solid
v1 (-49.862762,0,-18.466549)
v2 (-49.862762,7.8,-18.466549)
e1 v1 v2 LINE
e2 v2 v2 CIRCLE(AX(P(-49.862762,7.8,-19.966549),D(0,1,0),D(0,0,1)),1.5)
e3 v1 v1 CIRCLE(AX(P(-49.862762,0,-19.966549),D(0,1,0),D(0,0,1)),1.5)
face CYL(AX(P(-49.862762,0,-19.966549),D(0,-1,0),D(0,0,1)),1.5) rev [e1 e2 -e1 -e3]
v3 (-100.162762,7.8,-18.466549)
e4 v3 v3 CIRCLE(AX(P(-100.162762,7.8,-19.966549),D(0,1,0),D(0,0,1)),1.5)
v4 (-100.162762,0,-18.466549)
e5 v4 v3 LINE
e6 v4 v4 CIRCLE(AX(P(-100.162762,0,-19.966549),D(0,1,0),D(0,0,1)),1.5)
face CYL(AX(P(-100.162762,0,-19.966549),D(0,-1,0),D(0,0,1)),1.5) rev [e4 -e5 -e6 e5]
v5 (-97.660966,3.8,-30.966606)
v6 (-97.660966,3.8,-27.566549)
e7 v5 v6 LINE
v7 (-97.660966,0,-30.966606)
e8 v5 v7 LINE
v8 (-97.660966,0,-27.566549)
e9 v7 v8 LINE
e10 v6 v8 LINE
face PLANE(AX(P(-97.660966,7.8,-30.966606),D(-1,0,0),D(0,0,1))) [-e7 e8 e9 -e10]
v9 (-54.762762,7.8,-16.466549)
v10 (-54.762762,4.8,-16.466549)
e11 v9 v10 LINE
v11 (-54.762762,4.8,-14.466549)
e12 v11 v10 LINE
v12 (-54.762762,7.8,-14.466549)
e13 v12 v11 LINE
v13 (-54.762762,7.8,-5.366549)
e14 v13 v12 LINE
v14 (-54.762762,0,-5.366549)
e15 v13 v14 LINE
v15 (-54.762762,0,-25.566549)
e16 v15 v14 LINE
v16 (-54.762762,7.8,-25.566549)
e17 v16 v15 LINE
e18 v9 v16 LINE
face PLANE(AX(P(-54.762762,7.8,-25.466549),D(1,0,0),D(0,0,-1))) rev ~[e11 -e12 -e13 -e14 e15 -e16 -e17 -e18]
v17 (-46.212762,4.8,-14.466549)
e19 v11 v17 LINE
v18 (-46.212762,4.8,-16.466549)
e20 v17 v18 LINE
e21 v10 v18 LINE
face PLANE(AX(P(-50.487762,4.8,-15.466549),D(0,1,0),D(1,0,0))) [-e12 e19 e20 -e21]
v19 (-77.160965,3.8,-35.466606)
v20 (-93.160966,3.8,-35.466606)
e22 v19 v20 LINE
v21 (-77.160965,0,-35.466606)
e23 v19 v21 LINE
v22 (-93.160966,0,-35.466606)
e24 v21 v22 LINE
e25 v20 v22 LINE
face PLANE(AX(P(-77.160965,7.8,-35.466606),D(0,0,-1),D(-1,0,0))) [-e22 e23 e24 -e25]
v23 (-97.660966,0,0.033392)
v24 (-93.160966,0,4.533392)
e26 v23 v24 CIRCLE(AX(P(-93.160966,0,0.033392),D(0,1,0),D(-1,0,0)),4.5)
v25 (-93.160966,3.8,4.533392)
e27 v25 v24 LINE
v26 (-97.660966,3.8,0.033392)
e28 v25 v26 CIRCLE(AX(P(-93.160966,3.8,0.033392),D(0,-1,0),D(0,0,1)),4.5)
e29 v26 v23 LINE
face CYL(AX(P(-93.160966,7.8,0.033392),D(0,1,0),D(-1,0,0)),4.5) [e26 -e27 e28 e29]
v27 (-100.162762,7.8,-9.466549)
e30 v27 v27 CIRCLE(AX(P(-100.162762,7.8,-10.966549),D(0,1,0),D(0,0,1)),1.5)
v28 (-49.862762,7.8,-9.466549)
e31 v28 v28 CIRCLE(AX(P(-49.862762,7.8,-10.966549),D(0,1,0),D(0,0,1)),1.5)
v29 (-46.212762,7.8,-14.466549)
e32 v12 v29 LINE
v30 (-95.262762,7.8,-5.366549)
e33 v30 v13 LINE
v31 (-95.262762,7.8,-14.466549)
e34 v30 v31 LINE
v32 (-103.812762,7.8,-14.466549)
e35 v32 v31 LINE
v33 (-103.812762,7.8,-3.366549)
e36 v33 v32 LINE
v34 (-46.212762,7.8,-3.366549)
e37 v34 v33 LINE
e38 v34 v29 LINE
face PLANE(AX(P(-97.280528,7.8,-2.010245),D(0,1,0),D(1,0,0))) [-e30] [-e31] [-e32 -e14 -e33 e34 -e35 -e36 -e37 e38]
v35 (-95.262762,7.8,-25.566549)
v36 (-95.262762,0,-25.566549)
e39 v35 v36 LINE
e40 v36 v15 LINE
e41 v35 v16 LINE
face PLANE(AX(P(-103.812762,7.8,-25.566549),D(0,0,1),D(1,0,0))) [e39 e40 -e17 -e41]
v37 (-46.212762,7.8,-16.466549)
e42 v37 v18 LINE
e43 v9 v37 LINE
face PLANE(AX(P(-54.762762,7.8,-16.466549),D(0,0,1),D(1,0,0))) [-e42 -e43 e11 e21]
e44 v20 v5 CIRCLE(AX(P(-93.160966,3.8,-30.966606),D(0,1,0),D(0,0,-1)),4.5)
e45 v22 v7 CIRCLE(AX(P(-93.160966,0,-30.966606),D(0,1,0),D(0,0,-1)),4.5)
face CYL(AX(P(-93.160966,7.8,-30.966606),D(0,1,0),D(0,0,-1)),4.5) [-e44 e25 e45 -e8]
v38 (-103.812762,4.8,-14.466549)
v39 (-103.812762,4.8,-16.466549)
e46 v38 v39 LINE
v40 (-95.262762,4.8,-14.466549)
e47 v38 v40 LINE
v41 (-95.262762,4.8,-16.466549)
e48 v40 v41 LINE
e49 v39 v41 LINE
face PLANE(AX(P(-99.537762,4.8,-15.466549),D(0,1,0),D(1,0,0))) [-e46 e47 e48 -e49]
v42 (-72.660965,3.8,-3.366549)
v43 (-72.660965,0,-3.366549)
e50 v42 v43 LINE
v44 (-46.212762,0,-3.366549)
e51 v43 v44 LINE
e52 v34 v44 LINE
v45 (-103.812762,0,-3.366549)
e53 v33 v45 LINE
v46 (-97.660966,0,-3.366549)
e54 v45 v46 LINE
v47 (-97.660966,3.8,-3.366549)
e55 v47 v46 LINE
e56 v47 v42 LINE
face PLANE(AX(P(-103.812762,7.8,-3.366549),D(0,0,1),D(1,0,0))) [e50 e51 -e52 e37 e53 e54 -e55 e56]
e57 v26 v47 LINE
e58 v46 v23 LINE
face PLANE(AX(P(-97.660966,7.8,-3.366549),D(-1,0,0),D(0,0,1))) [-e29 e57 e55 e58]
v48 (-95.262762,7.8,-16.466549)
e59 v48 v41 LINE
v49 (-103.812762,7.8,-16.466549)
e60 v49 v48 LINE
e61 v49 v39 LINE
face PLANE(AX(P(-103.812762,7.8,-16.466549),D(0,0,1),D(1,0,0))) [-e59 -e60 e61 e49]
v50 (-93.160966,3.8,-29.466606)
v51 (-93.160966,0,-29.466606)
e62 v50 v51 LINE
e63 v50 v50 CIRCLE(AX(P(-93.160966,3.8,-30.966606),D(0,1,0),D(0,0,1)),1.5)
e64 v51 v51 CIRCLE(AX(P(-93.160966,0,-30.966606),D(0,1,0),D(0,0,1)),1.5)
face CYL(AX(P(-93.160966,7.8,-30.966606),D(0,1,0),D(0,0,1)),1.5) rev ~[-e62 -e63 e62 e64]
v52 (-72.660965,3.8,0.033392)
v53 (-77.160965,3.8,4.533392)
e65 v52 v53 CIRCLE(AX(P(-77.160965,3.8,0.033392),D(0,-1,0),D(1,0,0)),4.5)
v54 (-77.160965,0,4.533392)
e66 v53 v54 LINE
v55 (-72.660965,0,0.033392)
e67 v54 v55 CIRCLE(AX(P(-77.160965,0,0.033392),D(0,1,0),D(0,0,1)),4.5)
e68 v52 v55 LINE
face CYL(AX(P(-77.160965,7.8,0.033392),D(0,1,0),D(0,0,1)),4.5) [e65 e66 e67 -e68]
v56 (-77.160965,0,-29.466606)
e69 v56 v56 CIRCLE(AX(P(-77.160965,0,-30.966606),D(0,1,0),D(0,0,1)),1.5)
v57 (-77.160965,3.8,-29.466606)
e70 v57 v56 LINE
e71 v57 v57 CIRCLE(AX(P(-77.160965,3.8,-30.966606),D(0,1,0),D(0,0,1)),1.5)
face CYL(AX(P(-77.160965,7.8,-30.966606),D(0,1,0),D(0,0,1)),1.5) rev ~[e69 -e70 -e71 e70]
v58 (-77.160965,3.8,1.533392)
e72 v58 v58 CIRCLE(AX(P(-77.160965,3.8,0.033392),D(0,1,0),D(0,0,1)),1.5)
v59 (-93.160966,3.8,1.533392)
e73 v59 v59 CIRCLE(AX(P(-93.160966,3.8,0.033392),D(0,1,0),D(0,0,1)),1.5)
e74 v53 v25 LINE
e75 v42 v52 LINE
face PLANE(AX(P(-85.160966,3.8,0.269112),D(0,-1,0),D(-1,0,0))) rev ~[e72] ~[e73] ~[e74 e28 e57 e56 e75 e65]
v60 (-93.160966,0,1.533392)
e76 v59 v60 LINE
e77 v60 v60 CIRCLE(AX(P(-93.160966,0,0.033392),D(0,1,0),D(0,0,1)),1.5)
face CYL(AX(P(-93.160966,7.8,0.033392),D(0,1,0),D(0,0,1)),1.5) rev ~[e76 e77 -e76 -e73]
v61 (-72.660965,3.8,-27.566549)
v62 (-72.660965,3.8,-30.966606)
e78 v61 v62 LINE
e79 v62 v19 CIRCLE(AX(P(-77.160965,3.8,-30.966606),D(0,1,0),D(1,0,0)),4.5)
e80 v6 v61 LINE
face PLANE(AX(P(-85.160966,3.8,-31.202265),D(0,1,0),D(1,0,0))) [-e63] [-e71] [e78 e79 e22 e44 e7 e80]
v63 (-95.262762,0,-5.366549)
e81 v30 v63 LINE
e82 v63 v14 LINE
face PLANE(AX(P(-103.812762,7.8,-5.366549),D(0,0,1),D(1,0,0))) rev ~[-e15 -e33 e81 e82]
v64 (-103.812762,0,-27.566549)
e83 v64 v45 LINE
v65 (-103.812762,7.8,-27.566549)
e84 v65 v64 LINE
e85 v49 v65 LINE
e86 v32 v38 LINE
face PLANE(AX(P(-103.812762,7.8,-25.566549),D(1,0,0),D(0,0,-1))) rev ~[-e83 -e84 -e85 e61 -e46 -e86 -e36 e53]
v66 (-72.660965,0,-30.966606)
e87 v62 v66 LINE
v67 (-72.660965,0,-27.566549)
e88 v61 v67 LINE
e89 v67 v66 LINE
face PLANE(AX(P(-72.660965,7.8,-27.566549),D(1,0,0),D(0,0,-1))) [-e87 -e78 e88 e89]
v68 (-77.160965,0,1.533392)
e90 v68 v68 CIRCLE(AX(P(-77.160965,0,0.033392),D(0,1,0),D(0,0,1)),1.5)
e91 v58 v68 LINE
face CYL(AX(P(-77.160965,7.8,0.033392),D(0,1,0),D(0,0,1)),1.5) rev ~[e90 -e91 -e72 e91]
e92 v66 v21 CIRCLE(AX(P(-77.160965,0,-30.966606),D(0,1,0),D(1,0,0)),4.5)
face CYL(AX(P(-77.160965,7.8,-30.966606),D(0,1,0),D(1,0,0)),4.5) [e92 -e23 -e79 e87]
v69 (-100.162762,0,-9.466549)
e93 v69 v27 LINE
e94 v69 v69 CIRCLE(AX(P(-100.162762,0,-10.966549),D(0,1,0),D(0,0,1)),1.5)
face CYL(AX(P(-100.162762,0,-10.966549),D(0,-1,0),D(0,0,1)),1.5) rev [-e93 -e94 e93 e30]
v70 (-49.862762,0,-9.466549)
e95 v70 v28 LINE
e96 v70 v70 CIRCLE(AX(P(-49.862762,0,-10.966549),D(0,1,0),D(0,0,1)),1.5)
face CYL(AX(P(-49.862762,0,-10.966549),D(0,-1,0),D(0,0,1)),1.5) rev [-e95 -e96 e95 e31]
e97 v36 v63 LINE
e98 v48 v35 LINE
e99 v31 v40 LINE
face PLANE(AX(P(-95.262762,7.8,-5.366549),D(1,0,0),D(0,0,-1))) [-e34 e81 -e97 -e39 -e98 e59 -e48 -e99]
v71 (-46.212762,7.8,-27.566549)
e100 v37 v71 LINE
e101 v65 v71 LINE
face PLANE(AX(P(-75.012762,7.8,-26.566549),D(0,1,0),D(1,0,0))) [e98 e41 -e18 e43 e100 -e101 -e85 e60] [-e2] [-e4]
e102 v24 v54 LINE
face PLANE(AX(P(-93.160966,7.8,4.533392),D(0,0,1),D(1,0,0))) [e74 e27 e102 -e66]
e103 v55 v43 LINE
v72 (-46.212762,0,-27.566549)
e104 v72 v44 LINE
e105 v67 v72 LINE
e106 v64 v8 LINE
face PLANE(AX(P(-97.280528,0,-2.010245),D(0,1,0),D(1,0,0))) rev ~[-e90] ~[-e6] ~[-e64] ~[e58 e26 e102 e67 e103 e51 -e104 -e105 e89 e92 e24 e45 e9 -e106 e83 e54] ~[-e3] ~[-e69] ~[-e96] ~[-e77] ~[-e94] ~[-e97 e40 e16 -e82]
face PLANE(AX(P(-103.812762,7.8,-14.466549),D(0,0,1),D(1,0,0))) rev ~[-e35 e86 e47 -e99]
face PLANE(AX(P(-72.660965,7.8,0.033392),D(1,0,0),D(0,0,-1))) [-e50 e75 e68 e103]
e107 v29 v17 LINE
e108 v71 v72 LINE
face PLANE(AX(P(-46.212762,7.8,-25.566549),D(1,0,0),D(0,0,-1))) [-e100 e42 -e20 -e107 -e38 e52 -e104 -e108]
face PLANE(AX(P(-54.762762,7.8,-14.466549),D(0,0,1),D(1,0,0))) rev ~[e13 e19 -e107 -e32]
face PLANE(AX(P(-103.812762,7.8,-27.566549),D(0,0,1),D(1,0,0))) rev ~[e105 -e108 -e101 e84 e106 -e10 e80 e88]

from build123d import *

# Parameters (mm, degrees)
SKETCH1_R             = 1.5
BOSS_EXTRUDE1_DEPTH   = 7.8
BOSS_EXTRUDE1_2_DEPTH = 7.8
SKETCH2_W             = 2
SKETCH2_H             = 20
BOSS_EXTRUDE2_DEPTH   = 7.8
SKETCH3_W             = 8.55
SKETCH3_H             = 0.1
BOSS_EXTRUDE3_DEPTH   = 7.8
SKETCH4_W             = 57.6
SKETCH4_H             = 2
BOSS_EXTRUDE4_DEPTH   = 7.8
SKETCH5_W             = 8.55
SKETCH5_H             = 2
CUT_EXTRUDE1_DEPTH    = 3
SKETCH6_R             = 1.5
BOSS_EXTRUDE5_DEPTH   = 7.8
SKETCH7_R             = 1.5
CUT_EXTRUDE2_DEPTH    = 4


with BuildPart() as part:
    # Sketch1 → Boss-Extrude1 (new body)
    with BuildSketch(Plane(origin=(0, 0, 0), x_dir=(1, 0, 0), z_dir=(0, 1, 0))):
        Polygon((-54.762761852, 25.466548835), (-54.762761852, 5.466548835), (-48.212761852, 5.466548835), (-48.212761852, 12.451776091), (-48.212761852, 18.48132158), (-48.212761852, 25.466548835), align=None)
        with Locations(Location((-49.862761852, 10.966548835, 0), (0, 0, 270))):
            Circle(SKETCH1_R, mode=Mode.SUBTRACT)
        with Locations(Location((-49.862761852, 19.966548835, 0), (0, 0, 270))):
            Circle(SKETCH1_R, mode=Mode.SUBTRACT)
    extrude(amount=BOSS_EXTRUDE1_DEPTH)



with BuildPart() as body_2:
    # Sketch1 → Boss-Extrude1 2 (new body)
    with BuildSketch(Plane(origin=(0, 0, 0), x_dir=(1, 0, 0), z_dir=(0, 1, 0))):
        Polygon((-101.812761852, 18.48132158), (-101.812761852, 12.451776091), (-101.812761852, 5.466548835), (-101.212761852, 5.466548835), (-95.262761852, 5.466548835), (-95.262761852, 25.466548835), (-101.812761852, 25.466548835), (-101.812761852, 24.866548835), (-101.812761852, 21.451776091), align=None)
        with Locations(Location((-100.162761852, 10.966548835, 0), (0, 0, 270))):
            Circle(SKETCH1_R, mode=Mode.SUBTRACT)
        with Locations(Location((-100.162761852, 19.966548835, 0), (0, 0, 270))):
            Circle(SKETCH1_R, mode=Mode.SUBTRACT)
    extrude(amount=BOSS_EXTRUDE1_2_DEPTH)


with BuildPart() as part_1:
    add(part.part)

    add(body_2.part)  # Boss-Extrude2 merges body 2
    # Sketch2 → Boss-Extrude2 (add)
    with BuildSketch(Plane(origin=(0, 7.8, 0), x_dir=(1, 0, 0), z_dir=(0, 1, 0))):
        with Locations((-47.212761852, 15.466548835)):
            Rectangle(SKETCH2_W, SKETCH2_H)
        with Locations((-102.812761852, 15.466548835)):
            Rectangle(SKETCH2_W, SKETCH2_H)
    extrude(amount=-BOSS_EXTRUDE2_DEPTH)

    # Sketch3 → Boss-Extrude3 (add)
    with BuildSketch(Plane(origin=(0, 7.8, 0), x_dir=(1, 0, 0), z_dir=(0, 1, 0))):
        with Locations((-99.537761852, 5.416548835)):
            Rectangle(SKETCH3_W, SKETCH3_H)
        with Locations((-99.537761852, 25.516548835)):
            Rectangle(SKETCH3_W, SKETCH3_H)
        with Locations((-50.487761852, 25.516548835)):
            Rectangle(SKETCH3_W, SKETCH3_H)
        with Locations((-50.487761852, 5.416548835)):
            Rectangle(SKETCH3_W, SKETCH3_H)
    extrude(amount=-BOSS_EXTRUDE3_DEPTH)

    # Sketch4 → Boss-Extrude4 (add)
    with BuildSketch(Plane(origin=(0, 7.8, 0), x_dir=(1, 0, 0), z_dir=(0, 1, 0))):
        with Locations((-75.012761852, 26.566548835)):
            Rectangle(SKETCH4_W, SKETCH4_H)
        with Locations((-75.012761852, 4.366548835)):
            Rectangle(SKETCH4_W, SKETCH4_H)
    extrude(amount=-BOSS_EXTRUDE4_DEPTH)

    # Sketch5 → Cut-Extrude1 (cut)
    with BuildSketch(Plane(origin=(0, 7.8, 0), x_dir=(1, 0, 0), z_dir=(0, 1, 0))):
        with Locations((-99.537761852, 15.466548835)):
            Rectangle(SKETCH5_W, SKETCH5_H)
        with Locations((-50.487761852, 15.466548835)):
            Rectangle(SKETCH5_W, SKETCH5_H)
    extrude(amount=-CUT_EXTRUDE1_DEPTH, mode=Mode.SUBTRACT)

    # Sketch6 → Boss-Extrude5 (add)
    # profile 1 of 10: a face of its own
    with BuildSketch(Plane(origin=(0, 7.8, 0), x_dir=(1, 0, 0), z_dir=(0, 1, 0))):
        with BuildLine():
            Line((-97.660965944, 3.366548835), (-97.660965944, -0.033392238))
            ThreePointArc((-97.660965944, -0.033392238), (-97.254605431, 1.835328112), (-96.108914501, 3.366548835))
            Line((-96.108914501, 3.366548835), (-97.660965944, 3.366548835))
        make_face()
    # profile 2 of 10: a face of its own
    with BuildSketch(Plane(origin=(0, 7.8, 0), x_dir=(1, 0, 0), z_dir=(0, 1, 0))):
        with BuildLine():
            ThreePointArc((-96.108914501, 3.366548835), (-97.254605431, 1.835328112), (-97.660965944, -0.033392238))
            ThreePointArc((-97.660965944, -0.033392238), (-96.342946459, -3.215372753), (-93.160965944, -4.533392238))
            ThreePointArc((-93.160965944, -4.533392238), (-89.978985428, -3.215372753), (-88.660965944, -0.033392238))
            ThreePointArc((-88.660965944, -0.033392238), (-89.067326456, 1.835328112), (-90.213017386, 3.366548835))
            Line((-90.213017386, 3.366548835), (-96.108914501, 3.366548835))
        make_face()
        with Locations(Location((-93.160965944, -0.033392238, 0), (0, 0, 270))):
            Circle(SKETCH6_R, mode=Mode.SUBTRACT)
    # profile 3 of 10: a face of its own
    with BuildSketch(Plane(origin=(0, 7.8, 0), x_dir=(1, 0, 0), z_dir=(0, 1, 0))):
        with BuildLine():
            ThreePointArc((-88.660965944, -0.033392238), (-89.978985428, -3.215372753), (-93.160965944, -4.533392238))
            Line((-93.160965944, -4.533392238), (-77.160965417, -4.533392238))
            ThreePointArc((-77.160965417, -4.533392238), (-81.376990489, -1.606647648), (-80.108913974, 3.366548835))
            Line((-80.108913974, 3.366548835), (-90.213017386, 3.366548835))
            ThreePointArc((-90.213017386, 3.366548835), (-89.067326456, 1.835328112), (-88.660965944, -0.033392238))
        make_face()
    # profile 4 of 10: a face of its own
    with BuildSketch(Plane(origin=(0, 7.8, 0), x_dir=(1, 0, 0), z_dir=(0, 1, 0))):
        with BuildLine():
            ThreePointArc((-80.108913974, 3.366548835), (-81.376990489, -1.606647648), (-77.160965417, -4.533392238))
            ThreePointArc((-77.160965417, -4.533392238), (-73.978984901, -3.215372753), (-72.660965417, -0.033392238))
            ThreePointArc((-72.660965417, -0.033392238), (-73.067325929, 1.835328112), (-74.213016859, 3.366548835))
            Line((-74.213016859, 3.366548835), (-80.108913974, 3.366548835))
        make_face()
        with Locations(Location((-77.160965417, -0.033392238, 0), (0, 0, 270))):
            Circle(SKETCH6_R, mode=Mode.SUBTRACT)
    # profile 5 of 10: a face of its own
    with BuildSketch(Plane(origin=(0, 7.8, 0), x_dir=(1, 0, 0), z_dir=(0, 1, 0))):
        with BuildLine():
            ThreePointArc((-74.213016859, 3.366548835), (-73.067325929, 1.835328112), (-72.660965417, -0.033392238))
            Line((-72.660965417, -0.033392238), (-72.660965417, 3.366548835))
            Line((-72.660965417, 3.366548835), (-74.213016859, 3.366548835))
        make_face()
    # profile 6 of 10: a face of its own
    with BuildSketch(Plane(origin=(0, 7.8, 0), x_dir=(1, 0, 0), z_dir=(0, 1, 0))):
        with BuildLine():
            ThreePointArc((-72.660965417, 30.966605859), (-73.978984901, 34.148586374), (-77.160965417, 35.466605859))
            ThreePointArc((-77.160965417, 35.466605859), (-81.377021429, 32.539778353), (-80.108780241, 27.566548835))
            Line((-80.108780241, 27.566548835), (-74.213150592, 27.566548835))
            ThreePointArc((-74.213150592, 27.566548835), (-73.067362681, 29.097805001), (-72.660965417, 30.966605859))
        make_face()
        with Locations(Location((-77.160965417, 30.966605859, 0), (0, 0, 270))):
            Circle(SKETCH6_R, mode=Mode.SUBTRACT)
    # profile 7 of 10: a face of its own
    with BuildSketch(Plane(origin=(0, 7.8, 0), x_dir=(1, 0, 0), z_dir=(0, 1, 0))):
        with BuildLine():
            Line((-74.213150592, 27.566548835), (-72.660965417, 27.566548835))
            Line((-72.660965417, 27.566548835), (-72.660965417, 30.966605859))
            ThreePointArc((-72.660965417, 30.966605859), (-73.067362681, 29.097805001), (-74.213150592, 27.566548835))
        make_face()
    # profile 8 of 10: a face of its own
    with BuildSketch(Plane(origin=(0, 7.8, 0), x_dir=(1, 0, 0), z_dir=(0, 1, 0))):
        with BuildLine():
            Line((-77.160965417, 35.466605859), (-93.160965944, 35.466605859))
            ThreePointArc((-93.160965944, 35.466605859), (-89.978985428, 34.148586374), (-88.660965944, 30.966605859))
            ThreePointArc((-88.660965944, 30.966605859), (-89.067363208, 29.097805001), (-90.213151119, 27.566548835))
            Line((-90.213151119, 27.566548835), (-80.108780241, 27.566548835))
            ThreePointArc((-80.108780241, 27.566548835), (-81.377021429, 32.539778353), (-77.160965417, 35.466605859))
        make_face()
    # profile 9 of 10: a face of its own
    with BuildSketch(Plane(origin=(0, 7.8, 0), x_dir=(1, 0, 0), z_dir=(0, 1, 0))):
        with BuildLine():
            ThreePointArc((-93.160965944, 35.466605859), (-96.342946459, 34.148586374), (-97.660965944, 30.966605859))
            ThreePointArc((-97.660965944, 30.966605859), (-97.254568679, 29.097805001), (-96.108780768, 27.566548835))
            Line((-96.108780768, 27.566548835), (-90.213151119, 27.566548835))
            ThreePointArc((-90.213151119, 27.566548835), (-89.067363208, 29.097805001), (-88.660965944, 30.966605859))
            ThreePointArc((-88.660965944, 30.966605859), (-89.978985428, 34.148586374), (-93.160965944, 35.466605859))
        make_face()
        with Locations(Location((-93.160965944, 30.966605859, 0), (0, 0, 270))):
            Circle(SKETCH6_R, mode=Mode.SUBTRACT)
    # profile 10 of 10: a face of its own
    with BuildSketch(Plane(origin=(0, 7.8, 0), x_dir=(1, 0, 0), z_dir=(0, 1, 0))):
        with BuildLine():
            Line((-97.660965944, 30.966605859), (-97.660965944, 27.566548835))
            Line((-97.660965944, 27.566548835), (-96.108780768, 27.566548835))
            ThreePointArc((-96.108780768, 27.566548835), (-97.254568679, 29.097805001), (-97.660965944, 30.966605859))
        make_face()
    extrude(amount=-BOSS_EXTRUDE5_DEPTH)

    # Sketch7 → Cut-Extrude2 (cut)
    # profile 1 of 2: a face of its own
    with BuildSketch(Plane(origin=(0, 7.8, 0), x_dir=(1, 0, 0), z_dir=(0, 1, 0))):
        with BuildLine():
            Line((-97.660965944, 3.366548835), (-72.660965417, 3.366548835))
            Line((-72.660965417, 3.366548835), (-72.660965417, -0.033392238))
            ThreePointArc((-72.660965417, -0.033392238), (-73.978984901, -3.215372753), (-77.160965417, -4.533392238))
            Line((-77.160965417, -4.533392238), (-93.160965944, -4.533392238))
            ThreePointArc((-93.160965944, -4.533392238), (-96.342946459, -3.215372753), (-97.660965944, -0.033392238))
            Line((-97.660965944, -0.033392238), (-97.660965944, 3.366548835))
        make_face()
        with Locations(Location((-77.160965417, -0.033392238, 0), (0, 0, 270))):
            Circle(SKETCH7_R, mode=Mode.SUBTRACT)
        with Locations(Location((-93.160965944, -0.033392238, 0), (0, 0, 270))):
            Circle(SKETCH7_R, mode=Mode.SUBTRACT)
    # profile 2 of 2: a face of its own
    with BuildSketch(Plane(origin=(0, 7.8, 0), x_dir=(1, 0, 0), z_dir=(0, 1, 0))):
        with BuildLine():
            Line((-77.160965417, 35.466605859), (-93.160965944, 35.466605859))
            ThreePointArc((-93.160965944, 35.466605859), (-96.342946459, 34.148586374), (-97.660965944, 30.966605859))
            Line((-97.660965944, 30.966605859), (-97.660965944, 27.566548835))
            Line((-97.660965944, 27.566548835), (-72.660965417, 27.566548835))
            Line((-72.660965417, 27.566548835), (-72.660965417, 30.966605859))
            ThreePointArc((-72.660965417, 30.966605859), (-73.978984901, 34.148586374), (-77.160965417, 35.466605859))
        make_face()
    extrude(amount=-CUT_EXTRUDE2_DEPTH, mode=Mode.SUBTRACT)


solid = part_1.part
